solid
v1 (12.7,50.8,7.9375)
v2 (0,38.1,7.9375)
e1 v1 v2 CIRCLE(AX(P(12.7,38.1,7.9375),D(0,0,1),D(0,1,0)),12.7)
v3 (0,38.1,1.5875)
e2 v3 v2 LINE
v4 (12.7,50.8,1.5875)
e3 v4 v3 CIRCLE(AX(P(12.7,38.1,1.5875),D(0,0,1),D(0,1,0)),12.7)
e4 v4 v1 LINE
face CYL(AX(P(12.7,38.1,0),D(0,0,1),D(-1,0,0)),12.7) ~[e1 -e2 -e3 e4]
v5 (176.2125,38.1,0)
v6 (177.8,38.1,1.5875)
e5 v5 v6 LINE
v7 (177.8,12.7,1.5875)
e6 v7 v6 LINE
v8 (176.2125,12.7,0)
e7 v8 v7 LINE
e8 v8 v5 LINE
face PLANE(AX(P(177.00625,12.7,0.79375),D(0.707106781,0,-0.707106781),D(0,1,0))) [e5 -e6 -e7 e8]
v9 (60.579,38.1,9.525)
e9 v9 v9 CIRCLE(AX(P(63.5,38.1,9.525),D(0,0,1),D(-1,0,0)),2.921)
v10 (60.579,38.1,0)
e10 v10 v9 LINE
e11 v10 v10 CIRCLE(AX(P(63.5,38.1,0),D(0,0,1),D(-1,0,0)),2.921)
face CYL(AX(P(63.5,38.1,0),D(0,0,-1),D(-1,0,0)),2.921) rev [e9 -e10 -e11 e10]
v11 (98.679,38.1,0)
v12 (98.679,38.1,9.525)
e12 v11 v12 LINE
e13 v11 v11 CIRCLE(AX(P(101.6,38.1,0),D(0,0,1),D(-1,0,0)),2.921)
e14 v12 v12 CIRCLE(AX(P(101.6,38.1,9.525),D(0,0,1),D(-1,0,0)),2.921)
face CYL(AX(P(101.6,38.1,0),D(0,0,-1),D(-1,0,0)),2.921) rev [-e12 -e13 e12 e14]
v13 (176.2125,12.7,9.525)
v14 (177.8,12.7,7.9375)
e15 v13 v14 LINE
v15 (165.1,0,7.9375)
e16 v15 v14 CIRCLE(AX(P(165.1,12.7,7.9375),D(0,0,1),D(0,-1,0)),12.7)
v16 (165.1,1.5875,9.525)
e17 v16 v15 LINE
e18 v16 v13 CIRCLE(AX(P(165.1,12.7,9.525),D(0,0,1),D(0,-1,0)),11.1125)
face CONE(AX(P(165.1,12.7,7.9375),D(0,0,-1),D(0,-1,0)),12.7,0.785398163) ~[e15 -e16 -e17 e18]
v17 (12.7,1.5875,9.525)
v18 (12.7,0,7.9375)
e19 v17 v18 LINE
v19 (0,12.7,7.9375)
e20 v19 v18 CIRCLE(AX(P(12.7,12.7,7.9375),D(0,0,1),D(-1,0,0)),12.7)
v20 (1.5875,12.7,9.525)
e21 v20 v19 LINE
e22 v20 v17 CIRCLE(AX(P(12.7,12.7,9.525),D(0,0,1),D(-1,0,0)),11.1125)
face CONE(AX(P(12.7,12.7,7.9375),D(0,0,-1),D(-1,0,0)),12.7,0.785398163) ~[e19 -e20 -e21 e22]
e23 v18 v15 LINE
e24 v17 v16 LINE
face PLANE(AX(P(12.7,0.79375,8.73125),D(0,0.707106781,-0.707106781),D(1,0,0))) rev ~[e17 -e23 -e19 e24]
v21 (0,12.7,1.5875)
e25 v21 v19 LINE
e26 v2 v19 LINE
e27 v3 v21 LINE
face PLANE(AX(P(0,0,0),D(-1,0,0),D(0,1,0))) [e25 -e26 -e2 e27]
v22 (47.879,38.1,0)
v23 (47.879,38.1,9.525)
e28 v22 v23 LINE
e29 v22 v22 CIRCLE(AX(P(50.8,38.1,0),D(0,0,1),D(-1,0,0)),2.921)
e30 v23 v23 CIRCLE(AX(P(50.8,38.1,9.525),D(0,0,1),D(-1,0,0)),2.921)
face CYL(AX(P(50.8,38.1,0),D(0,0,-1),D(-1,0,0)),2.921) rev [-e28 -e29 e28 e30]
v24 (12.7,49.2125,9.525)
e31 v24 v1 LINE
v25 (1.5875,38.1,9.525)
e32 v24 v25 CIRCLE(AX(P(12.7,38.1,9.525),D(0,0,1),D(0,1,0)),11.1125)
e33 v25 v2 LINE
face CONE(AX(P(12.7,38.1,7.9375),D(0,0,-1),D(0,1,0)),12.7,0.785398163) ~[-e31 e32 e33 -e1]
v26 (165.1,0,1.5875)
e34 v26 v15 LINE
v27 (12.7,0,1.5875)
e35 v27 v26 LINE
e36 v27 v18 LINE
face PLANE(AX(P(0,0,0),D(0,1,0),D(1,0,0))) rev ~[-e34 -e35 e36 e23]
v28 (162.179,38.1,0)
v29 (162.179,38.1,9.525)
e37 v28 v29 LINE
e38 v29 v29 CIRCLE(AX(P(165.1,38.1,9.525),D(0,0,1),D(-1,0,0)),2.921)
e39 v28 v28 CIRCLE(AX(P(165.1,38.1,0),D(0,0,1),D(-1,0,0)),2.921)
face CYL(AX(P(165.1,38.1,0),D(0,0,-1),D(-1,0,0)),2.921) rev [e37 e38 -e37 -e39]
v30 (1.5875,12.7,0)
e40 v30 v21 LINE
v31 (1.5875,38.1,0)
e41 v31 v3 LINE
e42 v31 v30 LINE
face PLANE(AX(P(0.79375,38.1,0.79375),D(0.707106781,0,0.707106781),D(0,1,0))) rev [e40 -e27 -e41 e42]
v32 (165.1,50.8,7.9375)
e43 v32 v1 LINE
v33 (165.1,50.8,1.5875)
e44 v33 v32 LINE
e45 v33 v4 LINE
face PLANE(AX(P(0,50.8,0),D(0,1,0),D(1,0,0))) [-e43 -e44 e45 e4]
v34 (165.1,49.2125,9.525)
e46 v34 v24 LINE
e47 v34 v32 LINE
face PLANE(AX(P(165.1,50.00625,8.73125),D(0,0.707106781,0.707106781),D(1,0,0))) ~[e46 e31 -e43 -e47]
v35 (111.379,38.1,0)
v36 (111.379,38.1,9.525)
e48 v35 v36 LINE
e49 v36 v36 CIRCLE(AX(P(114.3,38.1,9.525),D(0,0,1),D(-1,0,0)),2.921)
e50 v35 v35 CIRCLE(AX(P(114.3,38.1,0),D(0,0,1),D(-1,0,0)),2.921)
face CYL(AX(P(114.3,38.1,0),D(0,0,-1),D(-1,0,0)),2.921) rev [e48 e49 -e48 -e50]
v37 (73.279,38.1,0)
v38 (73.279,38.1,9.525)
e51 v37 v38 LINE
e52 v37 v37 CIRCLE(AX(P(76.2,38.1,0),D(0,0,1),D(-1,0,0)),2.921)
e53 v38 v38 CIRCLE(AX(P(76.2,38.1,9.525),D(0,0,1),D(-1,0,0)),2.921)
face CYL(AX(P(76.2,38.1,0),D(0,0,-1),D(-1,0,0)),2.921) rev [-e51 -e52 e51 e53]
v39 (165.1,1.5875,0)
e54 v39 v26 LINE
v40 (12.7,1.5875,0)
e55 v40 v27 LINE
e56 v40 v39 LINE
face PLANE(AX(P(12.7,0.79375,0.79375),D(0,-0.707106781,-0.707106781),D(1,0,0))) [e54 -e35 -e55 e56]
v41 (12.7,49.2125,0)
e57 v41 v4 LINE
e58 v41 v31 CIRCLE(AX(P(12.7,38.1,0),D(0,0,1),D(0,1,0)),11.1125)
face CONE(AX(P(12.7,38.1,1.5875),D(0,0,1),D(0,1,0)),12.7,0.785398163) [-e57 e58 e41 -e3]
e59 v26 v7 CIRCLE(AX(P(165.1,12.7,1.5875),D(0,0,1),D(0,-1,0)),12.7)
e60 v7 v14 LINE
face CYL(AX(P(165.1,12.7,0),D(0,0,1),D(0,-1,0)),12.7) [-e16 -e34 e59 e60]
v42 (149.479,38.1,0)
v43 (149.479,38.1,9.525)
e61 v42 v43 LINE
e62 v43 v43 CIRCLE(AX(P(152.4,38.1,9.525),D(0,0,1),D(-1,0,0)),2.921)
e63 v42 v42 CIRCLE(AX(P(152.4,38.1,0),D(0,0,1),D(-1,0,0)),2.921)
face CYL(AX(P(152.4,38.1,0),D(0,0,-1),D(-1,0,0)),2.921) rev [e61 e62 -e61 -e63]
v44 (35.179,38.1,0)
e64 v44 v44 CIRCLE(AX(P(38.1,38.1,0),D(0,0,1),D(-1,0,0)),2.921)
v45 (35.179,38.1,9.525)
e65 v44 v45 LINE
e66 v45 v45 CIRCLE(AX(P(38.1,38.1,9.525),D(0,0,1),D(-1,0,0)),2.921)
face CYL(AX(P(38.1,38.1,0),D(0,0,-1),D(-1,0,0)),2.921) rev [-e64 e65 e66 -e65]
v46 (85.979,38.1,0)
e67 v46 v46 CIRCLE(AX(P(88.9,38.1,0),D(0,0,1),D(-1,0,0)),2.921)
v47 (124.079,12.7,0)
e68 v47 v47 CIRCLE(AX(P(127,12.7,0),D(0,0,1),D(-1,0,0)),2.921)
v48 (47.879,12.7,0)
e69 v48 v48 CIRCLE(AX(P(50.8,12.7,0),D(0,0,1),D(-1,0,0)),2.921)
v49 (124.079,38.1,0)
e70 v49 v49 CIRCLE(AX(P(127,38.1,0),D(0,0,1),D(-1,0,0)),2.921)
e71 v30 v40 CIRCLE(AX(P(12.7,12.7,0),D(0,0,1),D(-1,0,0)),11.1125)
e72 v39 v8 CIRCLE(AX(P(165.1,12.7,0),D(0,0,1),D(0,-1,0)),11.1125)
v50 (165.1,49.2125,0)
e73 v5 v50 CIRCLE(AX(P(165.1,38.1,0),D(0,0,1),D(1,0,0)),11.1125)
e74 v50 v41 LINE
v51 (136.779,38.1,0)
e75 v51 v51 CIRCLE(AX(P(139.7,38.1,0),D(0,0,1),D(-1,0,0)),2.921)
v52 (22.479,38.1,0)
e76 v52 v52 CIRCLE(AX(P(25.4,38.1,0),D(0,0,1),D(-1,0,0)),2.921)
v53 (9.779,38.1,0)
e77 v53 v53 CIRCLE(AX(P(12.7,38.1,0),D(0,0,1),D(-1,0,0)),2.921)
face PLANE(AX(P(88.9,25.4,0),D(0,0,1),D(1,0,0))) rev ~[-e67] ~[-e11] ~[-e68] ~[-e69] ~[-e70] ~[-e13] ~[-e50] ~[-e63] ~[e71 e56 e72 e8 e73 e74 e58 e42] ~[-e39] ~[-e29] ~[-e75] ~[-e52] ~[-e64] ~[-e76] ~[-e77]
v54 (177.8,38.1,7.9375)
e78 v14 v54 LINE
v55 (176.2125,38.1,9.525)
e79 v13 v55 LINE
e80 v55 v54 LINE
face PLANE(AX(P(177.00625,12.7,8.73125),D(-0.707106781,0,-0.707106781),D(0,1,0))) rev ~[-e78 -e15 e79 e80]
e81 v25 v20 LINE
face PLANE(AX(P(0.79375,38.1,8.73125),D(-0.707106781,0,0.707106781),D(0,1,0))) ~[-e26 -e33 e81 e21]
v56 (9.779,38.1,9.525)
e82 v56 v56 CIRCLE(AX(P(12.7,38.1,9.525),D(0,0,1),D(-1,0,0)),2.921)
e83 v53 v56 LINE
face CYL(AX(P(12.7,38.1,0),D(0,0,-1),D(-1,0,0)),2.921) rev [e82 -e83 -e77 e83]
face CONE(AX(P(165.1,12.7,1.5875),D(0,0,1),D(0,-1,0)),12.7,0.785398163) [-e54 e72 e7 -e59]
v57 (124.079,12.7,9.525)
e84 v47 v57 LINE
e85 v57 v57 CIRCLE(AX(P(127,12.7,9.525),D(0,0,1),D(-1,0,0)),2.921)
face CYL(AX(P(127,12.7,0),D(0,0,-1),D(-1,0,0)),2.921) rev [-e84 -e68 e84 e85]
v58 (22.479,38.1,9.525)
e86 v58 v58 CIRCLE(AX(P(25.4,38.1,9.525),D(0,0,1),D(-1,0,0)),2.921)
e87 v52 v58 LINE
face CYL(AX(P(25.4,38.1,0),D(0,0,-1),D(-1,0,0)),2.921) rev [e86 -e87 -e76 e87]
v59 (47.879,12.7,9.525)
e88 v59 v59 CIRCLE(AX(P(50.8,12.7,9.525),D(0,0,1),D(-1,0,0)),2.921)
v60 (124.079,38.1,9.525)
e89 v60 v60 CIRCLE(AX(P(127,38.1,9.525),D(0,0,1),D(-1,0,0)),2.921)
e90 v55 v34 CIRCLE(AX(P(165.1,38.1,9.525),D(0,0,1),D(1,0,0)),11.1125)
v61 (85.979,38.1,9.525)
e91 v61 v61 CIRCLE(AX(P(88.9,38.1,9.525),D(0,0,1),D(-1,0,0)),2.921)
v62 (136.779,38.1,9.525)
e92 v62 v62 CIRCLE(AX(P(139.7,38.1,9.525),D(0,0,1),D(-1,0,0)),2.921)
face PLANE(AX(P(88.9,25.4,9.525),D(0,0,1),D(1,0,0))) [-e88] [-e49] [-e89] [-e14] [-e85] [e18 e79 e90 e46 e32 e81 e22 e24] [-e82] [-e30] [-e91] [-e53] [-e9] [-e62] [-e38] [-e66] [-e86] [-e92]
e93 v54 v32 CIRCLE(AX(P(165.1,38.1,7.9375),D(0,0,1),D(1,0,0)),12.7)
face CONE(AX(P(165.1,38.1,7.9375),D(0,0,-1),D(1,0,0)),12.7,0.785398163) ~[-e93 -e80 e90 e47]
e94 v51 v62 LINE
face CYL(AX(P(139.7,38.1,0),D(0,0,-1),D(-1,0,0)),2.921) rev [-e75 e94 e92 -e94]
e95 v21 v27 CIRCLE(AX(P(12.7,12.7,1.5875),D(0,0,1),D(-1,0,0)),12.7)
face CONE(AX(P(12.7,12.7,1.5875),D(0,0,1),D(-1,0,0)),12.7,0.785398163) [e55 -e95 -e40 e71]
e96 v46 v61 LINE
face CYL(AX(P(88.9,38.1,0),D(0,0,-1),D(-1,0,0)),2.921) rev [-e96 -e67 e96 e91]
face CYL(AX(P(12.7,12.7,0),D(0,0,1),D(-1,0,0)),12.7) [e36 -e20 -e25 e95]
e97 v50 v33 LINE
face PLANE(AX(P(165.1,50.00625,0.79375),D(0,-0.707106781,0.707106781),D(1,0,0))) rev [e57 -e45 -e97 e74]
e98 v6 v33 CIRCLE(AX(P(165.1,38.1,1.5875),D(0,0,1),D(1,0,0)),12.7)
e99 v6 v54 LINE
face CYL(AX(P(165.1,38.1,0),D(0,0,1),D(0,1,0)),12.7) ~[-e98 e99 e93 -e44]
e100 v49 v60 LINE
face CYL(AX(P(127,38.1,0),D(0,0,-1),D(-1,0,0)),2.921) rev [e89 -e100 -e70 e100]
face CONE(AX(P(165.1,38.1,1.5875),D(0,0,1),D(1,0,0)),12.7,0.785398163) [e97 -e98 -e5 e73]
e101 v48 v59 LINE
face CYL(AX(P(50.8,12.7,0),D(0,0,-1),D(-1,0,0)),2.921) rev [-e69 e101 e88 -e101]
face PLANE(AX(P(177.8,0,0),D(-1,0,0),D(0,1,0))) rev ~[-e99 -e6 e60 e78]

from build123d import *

# Parameters (mm, degrees)
SKETCH1_W           = 177.8
SKETCH1_H           = 50.8
SKETCH1_R           = 2.921
BOSS_EXTRUDE1_DEPTH = 9.525
FILLET1_R           = 12.7
CHAMFER1_SIZE       = 1.5875


with BuildPart() as part:
    # Sketch1 → Boss-Extrude1 (new body)
    with BuildSketch(Plane.XY):
        with Locations((88.9, 25.4)):
            Rectangle(SKETCH1_W, SKETCH1_H)
        with Locations(Location((50.8, 12.7, 0), (0, 0, 180))):
            Circle(SKETCH1_R, mode=Mode.SUBTRACT)
        with Locations(Location((127, 12.7, 0), (0, 0, 180))):
            Circle(SKETCH1_R, mode=Mode.SUBTRACT)
        with Locations(Location((12.7, 38.1, 0), (0, 0, 180))):
            Circle(SKETCH1_R, mode=Mode.SUBTRACT)
        with Locations(Location((25.4, 38.1, 0), (0, 0, 180))):
            Circle(SKETCH1_R, mode=Mode.SUBTRACT)
        with Locations(Location((38.1, 38.1, 0), (0, 0, 180))):
            Circle(SKETCH1_R, mode=Mode.SUBTRACT)
        with Locations(Location((50.8, 38.1, 0), (0, 0, 180))):
            Circle(SKETCH1_R, mode=Mode.SUBTRACT)
        with Locations(Location((63.5, 38.1, 0), (0, 0, 180))):
            Circle(SKETCH1_R, mode=Mode.SUBTRACT)
        with Locations(Location((76.2, 38.1, 0), (0, 0, 180))):
            Circle(SKETCH1_R, mode=Mode.SUBTRACT)
        with Locations(Location((88.9, 38.1, 0), (0, 0, 180))):
            Circle(SKETCH1_R, mode=Mode.SUBTRACT)
        with Locations(Location((101.6, 38.1, 0), (0, 0, 180))):
            Circle(SKETCH1_R, mode=Mode.SUBTRACT)
        with Locations(Location((114.3, 38.1, 0), (0, 0, 180))):
            Circle(SKETCH1_R, mode=Mode.SUBTRACT)
        with Locations(Location((127, 38.1, 0), (0, 0, 180))):
            Circle(SKETCH1_R, mode=Mode.SUBTRACT)
        with Locations(Location((139.7, 38.1, 0), (0, 0, 180))):
            Circle(SKETCH1_R, mode=Mode.SUBTRACT)
        with Locations(Location((152.4, 38.1, 0), (0, 0, 180))):
            Circle(SKETCH1_R, mode=Mode.SUBTRACT)
        with Locations(Location((165.1, 38.1, 0), (0, 0, 180))):
            Circle(SKETCH1_R, mode=Mode.SUBTRACT)
    extrude(amount=BOSS_EXTRUDE1_DEPTH)

    # Fillet1
    fillet1_edges = [part.edges().sort_by_distance(p)[0] for p in [
        (0, 50.8, 4.7625),
        (177.8, 50.8, 4.7625),
        (177.8, 0, 4.7625),
        (0, 0, 4.7625),
    ]]
    fillet(fillet1_edges, radius=FILLET1_R)

    # Chamfer1
    chamfer1_edges = [part.edges().sort_by_distance(p)[0] for p in [
        (88.9, 0, 0),
        (88.9, 0, 9.525),
        (0, 25.4, 0),
        (88.9, 50.8, 0),
        (177.8, 25.4, 0),
        (174.080256121, 47.080256121, 0),
        (174.080256121, 3.719743879, 0),
        (3.719743879, 47.080256121, 0),
        (3.719743879, 3.719743879, 0),
        (0, 25.4, 9.525),
        (177.8, 25.4, 9.525),
        (88.9, 50.8, 9.525),
        (174.080256121, 47.080256121, 9.525),
        (174.080256121, 3.719743879, 9.525),
        (3.719743879, 47.080256121, 9.525),
        (3.719743879, 3.719743879, 9.525),
    ]]
    chamfer(chamfer1_edges, length=CHAMFER1_SIZE)


solid = part.part
